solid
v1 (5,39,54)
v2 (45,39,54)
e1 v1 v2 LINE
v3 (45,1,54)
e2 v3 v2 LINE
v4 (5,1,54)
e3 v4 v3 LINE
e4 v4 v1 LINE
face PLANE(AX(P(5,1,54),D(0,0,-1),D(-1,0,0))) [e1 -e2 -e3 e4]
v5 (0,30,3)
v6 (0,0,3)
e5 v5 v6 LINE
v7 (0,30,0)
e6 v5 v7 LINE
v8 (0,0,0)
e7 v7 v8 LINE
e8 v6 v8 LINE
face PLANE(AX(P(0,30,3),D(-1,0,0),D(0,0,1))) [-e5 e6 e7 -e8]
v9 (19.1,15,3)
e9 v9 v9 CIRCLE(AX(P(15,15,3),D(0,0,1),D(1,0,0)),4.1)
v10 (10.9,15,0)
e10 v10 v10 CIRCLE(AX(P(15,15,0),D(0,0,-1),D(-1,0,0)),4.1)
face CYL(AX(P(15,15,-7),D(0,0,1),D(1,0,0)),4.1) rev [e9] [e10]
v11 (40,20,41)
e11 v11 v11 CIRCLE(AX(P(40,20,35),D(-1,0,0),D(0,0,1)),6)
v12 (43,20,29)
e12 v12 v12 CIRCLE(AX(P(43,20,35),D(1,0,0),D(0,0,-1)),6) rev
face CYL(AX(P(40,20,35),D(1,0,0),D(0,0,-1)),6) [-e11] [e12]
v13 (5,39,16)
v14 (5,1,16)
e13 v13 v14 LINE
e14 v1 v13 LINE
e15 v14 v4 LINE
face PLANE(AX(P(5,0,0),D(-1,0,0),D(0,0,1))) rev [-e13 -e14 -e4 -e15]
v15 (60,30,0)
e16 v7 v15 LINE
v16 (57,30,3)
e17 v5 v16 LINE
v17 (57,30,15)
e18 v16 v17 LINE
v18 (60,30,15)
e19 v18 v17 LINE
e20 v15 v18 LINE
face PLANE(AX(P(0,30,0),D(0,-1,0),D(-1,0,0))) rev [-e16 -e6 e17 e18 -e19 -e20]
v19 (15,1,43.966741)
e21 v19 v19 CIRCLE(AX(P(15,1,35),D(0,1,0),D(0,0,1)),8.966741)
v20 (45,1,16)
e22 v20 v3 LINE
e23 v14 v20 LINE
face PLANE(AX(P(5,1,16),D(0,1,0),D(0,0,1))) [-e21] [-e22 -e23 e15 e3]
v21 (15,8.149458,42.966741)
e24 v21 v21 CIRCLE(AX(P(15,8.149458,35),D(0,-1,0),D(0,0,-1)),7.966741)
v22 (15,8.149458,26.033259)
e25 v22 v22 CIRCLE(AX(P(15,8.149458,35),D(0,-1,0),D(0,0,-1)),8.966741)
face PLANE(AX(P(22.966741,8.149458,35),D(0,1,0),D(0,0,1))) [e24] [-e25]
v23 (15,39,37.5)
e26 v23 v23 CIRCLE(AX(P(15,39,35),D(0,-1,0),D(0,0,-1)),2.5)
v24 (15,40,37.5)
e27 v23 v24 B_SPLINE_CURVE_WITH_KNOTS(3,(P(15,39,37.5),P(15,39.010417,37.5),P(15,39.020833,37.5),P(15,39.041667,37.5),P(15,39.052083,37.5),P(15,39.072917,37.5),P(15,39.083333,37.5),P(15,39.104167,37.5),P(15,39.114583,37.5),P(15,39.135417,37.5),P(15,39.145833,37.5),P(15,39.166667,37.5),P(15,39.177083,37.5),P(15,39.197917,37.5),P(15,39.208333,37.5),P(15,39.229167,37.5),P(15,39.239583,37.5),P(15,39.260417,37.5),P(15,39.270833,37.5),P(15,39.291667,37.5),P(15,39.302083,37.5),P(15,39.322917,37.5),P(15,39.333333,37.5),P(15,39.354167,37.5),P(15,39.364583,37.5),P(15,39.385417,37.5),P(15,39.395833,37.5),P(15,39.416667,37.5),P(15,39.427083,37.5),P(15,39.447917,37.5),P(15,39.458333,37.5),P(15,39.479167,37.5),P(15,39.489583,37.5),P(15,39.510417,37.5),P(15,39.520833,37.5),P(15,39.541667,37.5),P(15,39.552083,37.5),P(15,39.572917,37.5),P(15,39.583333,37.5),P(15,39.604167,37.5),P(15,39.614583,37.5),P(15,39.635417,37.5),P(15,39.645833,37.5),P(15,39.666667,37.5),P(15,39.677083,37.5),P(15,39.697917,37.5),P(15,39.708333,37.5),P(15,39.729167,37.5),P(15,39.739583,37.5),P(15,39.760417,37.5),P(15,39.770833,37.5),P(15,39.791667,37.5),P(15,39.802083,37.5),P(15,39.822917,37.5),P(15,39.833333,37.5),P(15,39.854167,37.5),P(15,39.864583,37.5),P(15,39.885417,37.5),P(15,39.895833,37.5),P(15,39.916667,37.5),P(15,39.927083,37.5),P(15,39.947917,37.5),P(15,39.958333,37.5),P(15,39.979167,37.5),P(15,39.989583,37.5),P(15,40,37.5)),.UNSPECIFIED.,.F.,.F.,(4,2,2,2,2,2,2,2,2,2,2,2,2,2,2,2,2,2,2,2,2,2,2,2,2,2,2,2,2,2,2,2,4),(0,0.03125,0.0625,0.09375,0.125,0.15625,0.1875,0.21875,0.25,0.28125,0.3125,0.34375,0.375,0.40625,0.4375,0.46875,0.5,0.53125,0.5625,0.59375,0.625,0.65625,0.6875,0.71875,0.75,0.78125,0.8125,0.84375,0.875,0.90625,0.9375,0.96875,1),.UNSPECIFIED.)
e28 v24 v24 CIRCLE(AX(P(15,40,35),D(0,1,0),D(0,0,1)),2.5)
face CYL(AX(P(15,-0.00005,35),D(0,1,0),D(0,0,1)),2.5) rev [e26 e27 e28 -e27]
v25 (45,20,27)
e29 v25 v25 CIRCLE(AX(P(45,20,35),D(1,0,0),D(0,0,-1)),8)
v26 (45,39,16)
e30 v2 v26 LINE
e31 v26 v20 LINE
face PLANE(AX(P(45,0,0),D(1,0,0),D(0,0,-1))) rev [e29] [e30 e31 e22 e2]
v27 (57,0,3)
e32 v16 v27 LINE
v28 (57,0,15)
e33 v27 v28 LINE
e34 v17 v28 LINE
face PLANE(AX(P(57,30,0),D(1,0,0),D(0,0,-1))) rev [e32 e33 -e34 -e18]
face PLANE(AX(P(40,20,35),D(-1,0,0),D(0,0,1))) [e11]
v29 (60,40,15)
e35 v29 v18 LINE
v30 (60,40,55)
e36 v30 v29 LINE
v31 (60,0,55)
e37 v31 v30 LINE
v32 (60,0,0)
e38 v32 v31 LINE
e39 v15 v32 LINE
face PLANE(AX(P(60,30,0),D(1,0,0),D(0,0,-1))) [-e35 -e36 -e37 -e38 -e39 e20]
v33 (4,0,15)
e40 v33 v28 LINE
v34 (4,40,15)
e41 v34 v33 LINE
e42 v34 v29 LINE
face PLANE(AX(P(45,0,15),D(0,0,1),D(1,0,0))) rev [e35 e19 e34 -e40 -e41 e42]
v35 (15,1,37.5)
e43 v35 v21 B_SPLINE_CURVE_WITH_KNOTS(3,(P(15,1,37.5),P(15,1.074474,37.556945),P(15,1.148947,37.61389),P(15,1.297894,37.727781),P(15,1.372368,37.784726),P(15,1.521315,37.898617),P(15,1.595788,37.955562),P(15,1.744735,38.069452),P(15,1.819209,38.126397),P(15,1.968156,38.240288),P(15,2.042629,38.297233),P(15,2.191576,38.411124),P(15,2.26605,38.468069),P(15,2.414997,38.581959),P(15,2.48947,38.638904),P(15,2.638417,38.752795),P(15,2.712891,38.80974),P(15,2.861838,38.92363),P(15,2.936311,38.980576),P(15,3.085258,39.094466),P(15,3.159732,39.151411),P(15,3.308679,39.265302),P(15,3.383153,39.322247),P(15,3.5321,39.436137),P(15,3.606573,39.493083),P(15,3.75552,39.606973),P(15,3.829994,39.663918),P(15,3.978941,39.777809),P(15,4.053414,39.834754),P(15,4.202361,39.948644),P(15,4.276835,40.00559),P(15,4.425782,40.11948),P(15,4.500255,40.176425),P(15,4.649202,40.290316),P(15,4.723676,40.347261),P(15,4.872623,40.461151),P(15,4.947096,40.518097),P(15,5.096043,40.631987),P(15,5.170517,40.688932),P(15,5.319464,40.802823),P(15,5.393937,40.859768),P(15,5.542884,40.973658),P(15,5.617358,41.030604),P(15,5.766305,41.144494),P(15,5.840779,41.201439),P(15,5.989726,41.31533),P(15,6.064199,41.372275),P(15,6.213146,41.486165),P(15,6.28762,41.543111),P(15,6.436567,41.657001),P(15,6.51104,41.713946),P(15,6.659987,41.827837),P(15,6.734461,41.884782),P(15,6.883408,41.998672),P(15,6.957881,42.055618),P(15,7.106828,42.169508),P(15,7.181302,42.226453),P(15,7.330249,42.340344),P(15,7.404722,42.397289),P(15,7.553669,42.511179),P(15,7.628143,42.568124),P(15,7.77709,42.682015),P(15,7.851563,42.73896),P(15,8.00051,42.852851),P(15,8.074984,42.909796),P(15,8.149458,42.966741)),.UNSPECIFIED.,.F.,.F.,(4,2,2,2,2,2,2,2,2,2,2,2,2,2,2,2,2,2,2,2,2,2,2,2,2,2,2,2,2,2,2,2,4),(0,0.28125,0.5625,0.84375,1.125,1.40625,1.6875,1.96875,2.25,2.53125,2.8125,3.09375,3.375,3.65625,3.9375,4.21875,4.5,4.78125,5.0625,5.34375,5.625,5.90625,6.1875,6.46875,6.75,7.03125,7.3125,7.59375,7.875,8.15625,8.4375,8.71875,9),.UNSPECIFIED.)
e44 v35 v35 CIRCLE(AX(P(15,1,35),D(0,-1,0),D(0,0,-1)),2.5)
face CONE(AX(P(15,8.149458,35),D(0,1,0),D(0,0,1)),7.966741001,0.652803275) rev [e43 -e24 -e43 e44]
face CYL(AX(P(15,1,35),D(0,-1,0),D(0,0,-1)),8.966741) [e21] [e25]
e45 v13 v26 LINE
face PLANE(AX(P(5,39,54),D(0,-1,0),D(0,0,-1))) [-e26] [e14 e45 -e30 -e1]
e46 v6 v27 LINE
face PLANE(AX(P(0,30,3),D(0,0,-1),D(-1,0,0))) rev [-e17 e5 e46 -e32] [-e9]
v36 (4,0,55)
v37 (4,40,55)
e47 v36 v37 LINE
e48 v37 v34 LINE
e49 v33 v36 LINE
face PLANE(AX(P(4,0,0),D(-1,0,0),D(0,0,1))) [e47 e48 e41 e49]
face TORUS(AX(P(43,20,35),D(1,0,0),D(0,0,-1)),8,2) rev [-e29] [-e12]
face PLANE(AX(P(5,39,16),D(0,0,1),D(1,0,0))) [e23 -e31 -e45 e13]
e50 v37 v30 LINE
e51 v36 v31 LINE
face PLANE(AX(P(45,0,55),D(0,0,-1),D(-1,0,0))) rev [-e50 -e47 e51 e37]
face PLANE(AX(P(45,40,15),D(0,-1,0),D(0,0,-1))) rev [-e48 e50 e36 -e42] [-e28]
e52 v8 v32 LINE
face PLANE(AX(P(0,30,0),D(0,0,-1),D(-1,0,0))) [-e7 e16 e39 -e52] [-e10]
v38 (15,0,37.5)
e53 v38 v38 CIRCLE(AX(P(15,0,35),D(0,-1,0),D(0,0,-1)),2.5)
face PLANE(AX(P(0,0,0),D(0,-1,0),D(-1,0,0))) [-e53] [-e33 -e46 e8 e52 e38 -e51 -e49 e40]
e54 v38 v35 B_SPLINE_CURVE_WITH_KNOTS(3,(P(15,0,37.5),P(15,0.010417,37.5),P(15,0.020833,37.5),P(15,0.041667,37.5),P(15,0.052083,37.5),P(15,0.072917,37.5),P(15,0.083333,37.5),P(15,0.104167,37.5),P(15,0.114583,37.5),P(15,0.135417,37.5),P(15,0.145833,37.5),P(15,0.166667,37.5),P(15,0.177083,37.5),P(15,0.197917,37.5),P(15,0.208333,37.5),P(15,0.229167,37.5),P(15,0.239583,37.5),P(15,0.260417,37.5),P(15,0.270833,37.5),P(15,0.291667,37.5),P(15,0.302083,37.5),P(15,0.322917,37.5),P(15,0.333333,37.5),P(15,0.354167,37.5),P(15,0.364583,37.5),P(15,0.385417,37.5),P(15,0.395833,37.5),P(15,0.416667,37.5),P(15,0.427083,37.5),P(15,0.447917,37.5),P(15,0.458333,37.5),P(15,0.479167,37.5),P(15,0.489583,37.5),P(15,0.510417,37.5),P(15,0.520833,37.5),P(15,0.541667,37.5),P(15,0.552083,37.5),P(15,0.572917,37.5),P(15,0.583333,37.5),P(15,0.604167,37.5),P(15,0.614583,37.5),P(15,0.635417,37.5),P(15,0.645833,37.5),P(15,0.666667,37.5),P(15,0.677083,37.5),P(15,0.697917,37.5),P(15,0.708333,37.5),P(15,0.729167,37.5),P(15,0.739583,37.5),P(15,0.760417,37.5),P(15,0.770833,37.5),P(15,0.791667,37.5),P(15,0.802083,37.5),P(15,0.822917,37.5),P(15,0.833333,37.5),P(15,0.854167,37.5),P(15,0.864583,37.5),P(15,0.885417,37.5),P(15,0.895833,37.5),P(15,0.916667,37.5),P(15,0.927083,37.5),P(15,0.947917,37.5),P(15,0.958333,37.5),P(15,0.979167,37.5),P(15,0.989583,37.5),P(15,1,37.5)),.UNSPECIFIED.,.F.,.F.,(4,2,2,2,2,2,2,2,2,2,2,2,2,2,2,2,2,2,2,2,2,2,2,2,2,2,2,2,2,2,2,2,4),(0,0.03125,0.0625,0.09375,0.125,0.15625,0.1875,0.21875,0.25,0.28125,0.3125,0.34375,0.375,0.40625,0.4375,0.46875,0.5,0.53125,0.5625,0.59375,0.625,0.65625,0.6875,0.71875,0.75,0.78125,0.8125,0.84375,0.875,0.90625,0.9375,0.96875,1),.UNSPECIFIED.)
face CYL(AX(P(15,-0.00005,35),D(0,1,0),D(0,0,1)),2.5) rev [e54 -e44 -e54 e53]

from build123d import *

# Parameters (mm, degrees)
EXTRUDE_THIN1_DEPTH = 30
SKETCH2_R           = 4.1
CUT_EXTRUDE1_DEPTH  = 10
BOSS_EXTRUDE1_START = -3
SKETCH3_W           = 40
SKETCH3_H           = 40
BOSS_EXTRUDE1_DEPTH = 15
SKETCH4_R           = 6
BOSS_EXTRUDE2_DEPTH = 5
FILLET1_R           = 2
SKETCH5_W           = 40
SKETCH5_H           = 40
SKETCH5_W_2         = 38
SKETCH5_H_2         = 38
BOSS_EXTRUDE3_DEPTH = 40
SKETCH6_W           = 40
SKETCH6_H           = 40
BOSS_EXTRUDE4_DEPTH = 1
SKETCH7_R           = 2.5
CUT_EXTRUDE2_DEPTH  = 91.691785736


with BuildPart() as part:
    # Sketch1 → Extrude-Thin1 (new body)
    with BuildSketch(Plane(origin=(0, 0, 0), x_dir=(1, 0, 0), z_dir=(0, 1, 0))):
        Polygon((0, 0), (60, 0), (60, -15), (57, -15), (57, -3), (0, -3), align=None)
    extrude(amount=EXTRUDE_THIN1_DEPTH)

    # Sketch2 → Cut-Extrude1 (cut)
    with BuildSketch(Plane.XY.offset(3)):
        with Locations((15, 15)):
            Circle(SKETCH2_R)
    extrude(amount=-CUT_EXTRUDE1_DEPTH, mode=Mode.SUBTRACT)

    # Sketch3 → Boss-Extrude1 (add)
    with BuildSketch(Plane.ZY.offset(-57).offset(BOSS_EXTRUDE1_START)):
        with Locations((35, 20)):
            Rectangle(SKETCH3_W, SKETCH3_H)
    extrude(amount=BOSS_EXTRUDE1_DEPTH)

    # Sketch4 → Boss-Extrude2 (add)
    with BuildSketch(Plane.ZY.offset(-45)):
        with Locations(Location((35, 20, 0), (0, 0, 180))):
            Circle(SKETCH4_R)
    extrude(amount=BOSS_EXTRUDE2_DEPTH)

    # Fillet1
    fillet1_edges = [part.edges().sort_by_distance(p)[0] for p in [
        (45, 20, 41),
    ]]
    fillet(fillet1_edges, radius=FILLET1_R)

    # Sketch5 → Boss-Extrude3 (add)
    with BuildSketch(Plane.ZY.offset(-45)):
        with Locations((35, 20)):
            Rectangle(SKETCH5_W, SKETCH5_H)
        with Locations((35, 20)):
            Rectangle(SKETCH5_W_2, SKETCH5_H_2, mode=Mode.SUBTRACT)
    extrude(amount=BOSS_EXTRUDE3_DEPTH)

    # Sketch6 → Boss-Extrude4 (add)
    with BuildSketch(Plane.ZY.offset(-5)):
        with Locations((35, 20)):
            Rectangle(SKETCH6_W, SKETCH6_H)
    extrude(amount=BOSS_EXTRUDE4_DEPTH)

    # Sketch7 → Cut-Extrude2 (cut, through all)
    with BuildSketch(Plane(origin=(0, 40, 0), x_dir=(1, 0, 0), z_dir=(0, 1, 0))):
        with Locations(Location((15, -35, 0), (0, 0, 270))):
            Circle(SKETCH7_R)
    extrude(amount=-CUT_EXTRUDE2_DEPTH, mode=Mode.SUBTRACT)

    # Sketch8 → Revolve1 (revolve)
    with BuildSketch(Plane.XY.offset(35), mode=Mode.PRIVATE) as revolve1_sk:
        Polygon((17.5, 1), (22.966741001, 8.14945752), (23.966741001, 8.14945752), (23.966741001, 1), align=None)
    revolve(revolve1_sk.sketch.rotate(Axis((15, 1, 35), (0, 1, 0)), 90), axis=Axis((15, 1, 35), (0, 1, 0)))


solid = part.part
